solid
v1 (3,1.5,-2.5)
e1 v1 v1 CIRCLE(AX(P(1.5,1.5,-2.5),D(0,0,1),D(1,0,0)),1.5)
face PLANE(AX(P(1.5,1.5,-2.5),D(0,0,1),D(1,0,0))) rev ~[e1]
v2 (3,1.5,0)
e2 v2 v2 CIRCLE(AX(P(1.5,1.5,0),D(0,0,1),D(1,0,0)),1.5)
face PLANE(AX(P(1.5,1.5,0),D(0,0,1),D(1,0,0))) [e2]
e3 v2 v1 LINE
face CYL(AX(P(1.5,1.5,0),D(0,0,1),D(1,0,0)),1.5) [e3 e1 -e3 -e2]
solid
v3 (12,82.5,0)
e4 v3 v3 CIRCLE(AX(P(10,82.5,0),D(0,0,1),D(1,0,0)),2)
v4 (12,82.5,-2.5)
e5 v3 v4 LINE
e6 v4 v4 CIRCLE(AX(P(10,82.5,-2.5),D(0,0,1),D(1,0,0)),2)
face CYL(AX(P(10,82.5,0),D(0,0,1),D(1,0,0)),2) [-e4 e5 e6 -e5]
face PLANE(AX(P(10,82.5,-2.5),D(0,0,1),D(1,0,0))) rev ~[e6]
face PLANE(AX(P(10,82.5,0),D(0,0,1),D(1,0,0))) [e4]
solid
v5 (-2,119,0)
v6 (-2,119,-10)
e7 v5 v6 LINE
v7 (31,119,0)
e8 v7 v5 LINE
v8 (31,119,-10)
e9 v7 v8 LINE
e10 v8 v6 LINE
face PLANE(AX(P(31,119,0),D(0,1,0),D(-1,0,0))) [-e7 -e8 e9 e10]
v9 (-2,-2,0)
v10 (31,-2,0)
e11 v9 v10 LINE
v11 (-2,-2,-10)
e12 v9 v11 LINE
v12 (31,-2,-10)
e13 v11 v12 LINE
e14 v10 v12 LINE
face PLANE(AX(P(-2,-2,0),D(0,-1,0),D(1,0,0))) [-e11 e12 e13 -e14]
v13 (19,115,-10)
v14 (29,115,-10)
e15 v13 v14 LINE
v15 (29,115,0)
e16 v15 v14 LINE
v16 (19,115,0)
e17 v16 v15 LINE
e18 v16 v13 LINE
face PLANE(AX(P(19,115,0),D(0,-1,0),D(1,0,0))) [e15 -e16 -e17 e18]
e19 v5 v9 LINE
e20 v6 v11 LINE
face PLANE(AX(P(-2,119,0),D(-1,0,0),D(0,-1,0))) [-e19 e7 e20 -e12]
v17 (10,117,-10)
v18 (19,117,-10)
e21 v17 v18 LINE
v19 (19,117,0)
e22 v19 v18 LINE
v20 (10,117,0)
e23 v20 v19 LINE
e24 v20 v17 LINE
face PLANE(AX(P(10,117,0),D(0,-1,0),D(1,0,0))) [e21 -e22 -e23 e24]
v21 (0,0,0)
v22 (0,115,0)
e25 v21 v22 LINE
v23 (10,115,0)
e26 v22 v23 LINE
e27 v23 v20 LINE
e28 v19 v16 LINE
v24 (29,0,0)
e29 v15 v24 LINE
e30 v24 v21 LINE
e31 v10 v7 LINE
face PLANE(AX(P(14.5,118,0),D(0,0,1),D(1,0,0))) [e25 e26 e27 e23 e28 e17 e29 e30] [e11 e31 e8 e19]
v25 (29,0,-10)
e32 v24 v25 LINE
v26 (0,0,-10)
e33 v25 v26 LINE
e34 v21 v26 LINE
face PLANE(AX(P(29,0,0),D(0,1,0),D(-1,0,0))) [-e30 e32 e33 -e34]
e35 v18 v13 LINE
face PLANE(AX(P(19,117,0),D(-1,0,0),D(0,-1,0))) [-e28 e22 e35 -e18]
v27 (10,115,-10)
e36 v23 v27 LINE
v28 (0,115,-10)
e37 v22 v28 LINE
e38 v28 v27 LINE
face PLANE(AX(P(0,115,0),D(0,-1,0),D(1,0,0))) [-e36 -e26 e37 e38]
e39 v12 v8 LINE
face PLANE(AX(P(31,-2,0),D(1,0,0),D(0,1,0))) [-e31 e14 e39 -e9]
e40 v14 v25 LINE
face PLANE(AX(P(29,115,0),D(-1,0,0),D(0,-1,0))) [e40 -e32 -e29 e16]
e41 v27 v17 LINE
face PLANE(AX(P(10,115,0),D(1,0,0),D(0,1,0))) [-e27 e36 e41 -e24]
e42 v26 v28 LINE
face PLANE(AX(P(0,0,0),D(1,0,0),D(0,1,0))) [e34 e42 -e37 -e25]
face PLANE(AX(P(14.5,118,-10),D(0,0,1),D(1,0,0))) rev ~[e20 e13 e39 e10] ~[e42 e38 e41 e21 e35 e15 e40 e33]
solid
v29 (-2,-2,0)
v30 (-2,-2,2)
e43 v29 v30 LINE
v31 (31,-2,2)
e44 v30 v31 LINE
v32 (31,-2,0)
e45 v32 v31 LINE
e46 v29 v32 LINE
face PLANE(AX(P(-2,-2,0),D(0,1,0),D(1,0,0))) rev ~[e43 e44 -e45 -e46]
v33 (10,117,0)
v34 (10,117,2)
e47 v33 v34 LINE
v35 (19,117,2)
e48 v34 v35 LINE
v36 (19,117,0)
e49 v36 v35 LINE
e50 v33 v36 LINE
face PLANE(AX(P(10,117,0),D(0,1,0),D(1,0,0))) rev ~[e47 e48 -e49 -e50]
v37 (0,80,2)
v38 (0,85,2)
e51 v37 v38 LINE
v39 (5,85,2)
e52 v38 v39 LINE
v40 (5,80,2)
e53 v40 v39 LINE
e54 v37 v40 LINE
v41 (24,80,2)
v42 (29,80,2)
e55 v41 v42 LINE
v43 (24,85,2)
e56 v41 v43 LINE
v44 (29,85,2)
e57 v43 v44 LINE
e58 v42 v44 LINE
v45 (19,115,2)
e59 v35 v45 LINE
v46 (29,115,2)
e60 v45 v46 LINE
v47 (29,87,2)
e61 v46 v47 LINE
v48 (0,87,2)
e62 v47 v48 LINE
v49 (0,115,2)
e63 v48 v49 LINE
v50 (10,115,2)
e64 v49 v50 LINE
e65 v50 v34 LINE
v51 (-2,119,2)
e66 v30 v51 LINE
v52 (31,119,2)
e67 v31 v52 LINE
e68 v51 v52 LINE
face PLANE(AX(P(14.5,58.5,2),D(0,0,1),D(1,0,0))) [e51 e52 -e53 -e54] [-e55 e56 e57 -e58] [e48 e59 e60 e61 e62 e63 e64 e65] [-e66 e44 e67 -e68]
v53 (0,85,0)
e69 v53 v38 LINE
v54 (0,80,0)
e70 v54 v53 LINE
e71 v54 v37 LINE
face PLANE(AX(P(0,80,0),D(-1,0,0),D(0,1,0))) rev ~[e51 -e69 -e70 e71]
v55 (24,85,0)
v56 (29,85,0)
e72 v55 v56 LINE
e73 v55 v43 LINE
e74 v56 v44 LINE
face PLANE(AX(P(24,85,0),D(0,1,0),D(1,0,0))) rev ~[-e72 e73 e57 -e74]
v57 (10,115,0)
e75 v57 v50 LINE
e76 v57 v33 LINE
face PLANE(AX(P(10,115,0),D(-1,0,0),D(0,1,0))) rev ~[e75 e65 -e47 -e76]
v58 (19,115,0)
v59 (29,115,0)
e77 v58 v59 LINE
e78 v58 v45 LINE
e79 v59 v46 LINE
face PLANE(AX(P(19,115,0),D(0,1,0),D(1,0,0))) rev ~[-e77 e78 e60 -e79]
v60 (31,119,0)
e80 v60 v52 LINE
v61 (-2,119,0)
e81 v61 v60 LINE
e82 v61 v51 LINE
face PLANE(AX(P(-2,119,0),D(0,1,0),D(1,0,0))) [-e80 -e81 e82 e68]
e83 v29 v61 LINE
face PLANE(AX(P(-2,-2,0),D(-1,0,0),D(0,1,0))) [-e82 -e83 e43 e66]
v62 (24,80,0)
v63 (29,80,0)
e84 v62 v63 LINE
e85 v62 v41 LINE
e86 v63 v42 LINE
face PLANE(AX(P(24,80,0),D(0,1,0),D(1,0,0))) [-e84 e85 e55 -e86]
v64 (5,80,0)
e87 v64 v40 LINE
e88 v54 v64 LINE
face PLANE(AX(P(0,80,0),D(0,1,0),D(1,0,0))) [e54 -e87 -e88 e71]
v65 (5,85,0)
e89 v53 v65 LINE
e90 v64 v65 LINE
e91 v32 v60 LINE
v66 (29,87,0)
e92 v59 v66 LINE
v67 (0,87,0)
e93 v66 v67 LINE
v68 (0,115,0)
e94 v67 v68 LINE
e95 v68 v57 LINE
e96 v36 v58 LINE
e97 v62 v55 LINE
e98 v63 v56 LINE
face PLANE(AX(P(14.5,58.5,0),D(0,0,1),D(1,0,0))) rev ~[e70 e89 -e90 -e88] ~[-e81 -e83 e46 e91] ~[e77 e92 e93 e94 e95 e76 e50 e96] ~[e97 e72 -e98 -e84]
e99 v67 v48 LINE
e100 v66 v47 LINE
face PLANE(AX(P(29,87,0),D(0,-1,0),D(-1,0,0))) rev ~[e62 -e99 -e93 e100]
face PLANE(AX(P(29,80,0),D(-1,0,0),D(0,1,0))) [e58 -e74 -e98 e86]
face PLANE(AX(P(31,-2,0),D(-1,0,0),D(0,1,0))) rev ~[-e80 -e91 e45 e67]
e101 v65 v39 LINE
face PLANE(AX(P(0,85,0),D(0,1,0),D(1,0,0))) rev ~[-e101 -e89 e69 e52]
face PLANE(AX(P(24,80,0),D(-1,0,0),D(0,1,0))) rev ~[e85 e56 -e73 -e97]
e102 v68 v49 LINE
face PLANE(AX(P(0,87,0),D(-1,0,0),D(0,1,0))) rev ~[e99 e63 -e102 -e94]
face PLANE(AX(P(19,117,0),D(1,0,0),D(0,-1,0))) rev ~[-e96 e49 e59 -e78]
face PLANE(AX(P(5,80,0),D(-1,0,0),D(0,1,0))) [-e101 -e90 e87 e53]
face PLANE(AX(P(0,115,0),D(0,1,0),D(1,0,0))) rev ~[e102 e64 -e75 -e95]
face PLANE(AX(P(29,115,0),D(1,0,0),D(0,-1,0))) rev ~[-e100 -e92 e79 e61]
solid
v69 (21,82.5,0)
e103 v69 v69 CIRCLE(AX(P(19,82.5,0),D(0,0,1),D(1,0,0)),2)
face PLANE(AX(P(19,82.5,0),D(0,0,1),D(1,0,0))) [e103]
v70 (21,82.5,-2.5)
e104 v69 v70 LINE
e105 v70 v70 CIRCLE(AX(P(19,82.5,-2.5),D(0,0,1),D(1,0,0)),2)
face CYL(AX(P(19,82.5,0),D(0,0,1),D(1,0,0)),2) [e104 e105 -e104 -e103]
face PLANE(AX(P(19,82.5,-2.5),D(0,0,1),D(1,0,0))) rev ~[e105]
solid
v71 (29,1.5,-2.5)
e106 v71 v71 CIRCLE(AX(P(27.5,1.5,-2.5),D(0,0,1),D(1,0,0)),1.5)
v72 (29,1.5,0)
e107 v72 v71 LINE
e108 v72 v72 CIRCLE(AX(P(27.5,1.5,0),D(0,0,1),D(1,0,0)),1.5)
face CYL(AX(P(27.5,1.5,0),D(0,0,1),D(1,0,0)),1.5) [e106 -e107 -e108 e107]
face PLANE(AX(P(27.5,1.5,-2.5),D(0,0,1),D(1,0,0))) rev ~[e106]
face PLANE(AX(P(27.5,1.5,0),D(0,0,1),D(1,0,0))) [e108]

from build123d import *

# Parameters (mm, degrees)
ESBO_O1_W                  = 33
ESBO_O1_H                  = 121
RESSALTO_EXTRUS_O1_DEPTH   = 10
ESBO_O1_4_R                = 1.5
RESSALTO_EXTRUS_O2_DEPTH   = 2.5
RESSALTO_EXTRUS_O2_2_DEPTH = 2.5
ESBO_O1_4_R_2              = 2
RESSALTO_EXTRUS_O2_3_DEPTH = 2.5
RESSALTO_EXTRUS_O2_4_DEPTH = 2.5
ESBO_O2_W                  = 33
ESBO_O2_H                  = 121
ESBO_O2_W_2                = 5
ESBO_O2_H_2                = 5
RESSALTO_EXTRUS_O8_DEPTH   = 2


with BuildPart() as part:
    # Esboço1 → Ressalto-extrusão1 (new body)
    with BuildSketch(Plane.XY):
        with Locations((14.5, 58.5)):
            Rectangle(ESBO_O1_W, ESBO_O1_H)
        Polygon((0, 0), (0, 115), (10, 115), (10, 117), (19, 117), (19, 115), (29, 115), (29, 0), align=None, mode=Mode.SUBTRACT)
    extrude(amount=-RESSALTO_EXTRUS_O1_DEPTH)


with BuildPart() as body_2:
    # Esboço1<4> → Ressalto-extrusão2 (new body)
    with BuildSketch(Plane.XY):
        with Locations((1.5, 1.5)):
            Circle(ESBO_O1_4_R)
    extrude(amount=-RESSALTO_EXTRUS_O2_DEPTH)


with BuildPart() as body_3:
    # Esboço1<4> → Ressalto-extrus_o2 2 (new body)
    with BuildSketch(Plane.XY):
        with Locations((27.5, 1.5)):
            Circle(ESBO_O1_4_R)
    extrude(amount=-RESSALTO_EXTRUS_O2_2_DEPTH)


with BuildPart() as body_4:
    # Esboço1<4> → Ressalto-extrus_o2 3 (new body)
    with BuildSketch(Plane.XY):
        with Locations((10, 82.5)):
            Circle(ESBO_O1_4_R_2)
    extrude(amount=-RESSALTO_EXTRUS_O2_3_DEPTH)


with BuildPart() as body_5:
    # Esboço1<4> → Ressalto-extrus_o2 4 (new body)
    with BuildSketch(Plane.XY):
        with Locations((19, 82.5)):
            Circle(ESBO_O1_4_R_2)
    extrude(amount=-RESSALTO_EXTRUS_O2_4_DEPTH)


with BuildPart() as body_6:
    # Esboço2 → Ressalto-extrusão8 (new body)
    with BuildSketch(Plane.XY):
        with Locations((14.5, 58.5)):
            Rectangle(ESBO_O2_W, ESBO_O2_H)
        with Locations((2.5, 82.5)):
            Rectangle(ESBO_O2_W_2, ESBO_O2_H_2, mode=Mode.SUBTRACT)
        with Locations((26.5, 82.5)):
            Rectangle(ESBO_O2_W_2, ESBO_O2_H_2, mode=Mode.SUBTRACT)
        Polygon((0, 115), (10, 115), (10, 117), (19, 117), (19, 115), (29, 115), (29, 87), (0, 87), align=None, mode=Mode.SUBTRACT)
    extrude(amount=RESSALTO_EXTRUS_O8_DEPTH)


solid = Compound([part.part, body_2.part, body_3.part, body_4.part, body_5.part, body_6.part])
